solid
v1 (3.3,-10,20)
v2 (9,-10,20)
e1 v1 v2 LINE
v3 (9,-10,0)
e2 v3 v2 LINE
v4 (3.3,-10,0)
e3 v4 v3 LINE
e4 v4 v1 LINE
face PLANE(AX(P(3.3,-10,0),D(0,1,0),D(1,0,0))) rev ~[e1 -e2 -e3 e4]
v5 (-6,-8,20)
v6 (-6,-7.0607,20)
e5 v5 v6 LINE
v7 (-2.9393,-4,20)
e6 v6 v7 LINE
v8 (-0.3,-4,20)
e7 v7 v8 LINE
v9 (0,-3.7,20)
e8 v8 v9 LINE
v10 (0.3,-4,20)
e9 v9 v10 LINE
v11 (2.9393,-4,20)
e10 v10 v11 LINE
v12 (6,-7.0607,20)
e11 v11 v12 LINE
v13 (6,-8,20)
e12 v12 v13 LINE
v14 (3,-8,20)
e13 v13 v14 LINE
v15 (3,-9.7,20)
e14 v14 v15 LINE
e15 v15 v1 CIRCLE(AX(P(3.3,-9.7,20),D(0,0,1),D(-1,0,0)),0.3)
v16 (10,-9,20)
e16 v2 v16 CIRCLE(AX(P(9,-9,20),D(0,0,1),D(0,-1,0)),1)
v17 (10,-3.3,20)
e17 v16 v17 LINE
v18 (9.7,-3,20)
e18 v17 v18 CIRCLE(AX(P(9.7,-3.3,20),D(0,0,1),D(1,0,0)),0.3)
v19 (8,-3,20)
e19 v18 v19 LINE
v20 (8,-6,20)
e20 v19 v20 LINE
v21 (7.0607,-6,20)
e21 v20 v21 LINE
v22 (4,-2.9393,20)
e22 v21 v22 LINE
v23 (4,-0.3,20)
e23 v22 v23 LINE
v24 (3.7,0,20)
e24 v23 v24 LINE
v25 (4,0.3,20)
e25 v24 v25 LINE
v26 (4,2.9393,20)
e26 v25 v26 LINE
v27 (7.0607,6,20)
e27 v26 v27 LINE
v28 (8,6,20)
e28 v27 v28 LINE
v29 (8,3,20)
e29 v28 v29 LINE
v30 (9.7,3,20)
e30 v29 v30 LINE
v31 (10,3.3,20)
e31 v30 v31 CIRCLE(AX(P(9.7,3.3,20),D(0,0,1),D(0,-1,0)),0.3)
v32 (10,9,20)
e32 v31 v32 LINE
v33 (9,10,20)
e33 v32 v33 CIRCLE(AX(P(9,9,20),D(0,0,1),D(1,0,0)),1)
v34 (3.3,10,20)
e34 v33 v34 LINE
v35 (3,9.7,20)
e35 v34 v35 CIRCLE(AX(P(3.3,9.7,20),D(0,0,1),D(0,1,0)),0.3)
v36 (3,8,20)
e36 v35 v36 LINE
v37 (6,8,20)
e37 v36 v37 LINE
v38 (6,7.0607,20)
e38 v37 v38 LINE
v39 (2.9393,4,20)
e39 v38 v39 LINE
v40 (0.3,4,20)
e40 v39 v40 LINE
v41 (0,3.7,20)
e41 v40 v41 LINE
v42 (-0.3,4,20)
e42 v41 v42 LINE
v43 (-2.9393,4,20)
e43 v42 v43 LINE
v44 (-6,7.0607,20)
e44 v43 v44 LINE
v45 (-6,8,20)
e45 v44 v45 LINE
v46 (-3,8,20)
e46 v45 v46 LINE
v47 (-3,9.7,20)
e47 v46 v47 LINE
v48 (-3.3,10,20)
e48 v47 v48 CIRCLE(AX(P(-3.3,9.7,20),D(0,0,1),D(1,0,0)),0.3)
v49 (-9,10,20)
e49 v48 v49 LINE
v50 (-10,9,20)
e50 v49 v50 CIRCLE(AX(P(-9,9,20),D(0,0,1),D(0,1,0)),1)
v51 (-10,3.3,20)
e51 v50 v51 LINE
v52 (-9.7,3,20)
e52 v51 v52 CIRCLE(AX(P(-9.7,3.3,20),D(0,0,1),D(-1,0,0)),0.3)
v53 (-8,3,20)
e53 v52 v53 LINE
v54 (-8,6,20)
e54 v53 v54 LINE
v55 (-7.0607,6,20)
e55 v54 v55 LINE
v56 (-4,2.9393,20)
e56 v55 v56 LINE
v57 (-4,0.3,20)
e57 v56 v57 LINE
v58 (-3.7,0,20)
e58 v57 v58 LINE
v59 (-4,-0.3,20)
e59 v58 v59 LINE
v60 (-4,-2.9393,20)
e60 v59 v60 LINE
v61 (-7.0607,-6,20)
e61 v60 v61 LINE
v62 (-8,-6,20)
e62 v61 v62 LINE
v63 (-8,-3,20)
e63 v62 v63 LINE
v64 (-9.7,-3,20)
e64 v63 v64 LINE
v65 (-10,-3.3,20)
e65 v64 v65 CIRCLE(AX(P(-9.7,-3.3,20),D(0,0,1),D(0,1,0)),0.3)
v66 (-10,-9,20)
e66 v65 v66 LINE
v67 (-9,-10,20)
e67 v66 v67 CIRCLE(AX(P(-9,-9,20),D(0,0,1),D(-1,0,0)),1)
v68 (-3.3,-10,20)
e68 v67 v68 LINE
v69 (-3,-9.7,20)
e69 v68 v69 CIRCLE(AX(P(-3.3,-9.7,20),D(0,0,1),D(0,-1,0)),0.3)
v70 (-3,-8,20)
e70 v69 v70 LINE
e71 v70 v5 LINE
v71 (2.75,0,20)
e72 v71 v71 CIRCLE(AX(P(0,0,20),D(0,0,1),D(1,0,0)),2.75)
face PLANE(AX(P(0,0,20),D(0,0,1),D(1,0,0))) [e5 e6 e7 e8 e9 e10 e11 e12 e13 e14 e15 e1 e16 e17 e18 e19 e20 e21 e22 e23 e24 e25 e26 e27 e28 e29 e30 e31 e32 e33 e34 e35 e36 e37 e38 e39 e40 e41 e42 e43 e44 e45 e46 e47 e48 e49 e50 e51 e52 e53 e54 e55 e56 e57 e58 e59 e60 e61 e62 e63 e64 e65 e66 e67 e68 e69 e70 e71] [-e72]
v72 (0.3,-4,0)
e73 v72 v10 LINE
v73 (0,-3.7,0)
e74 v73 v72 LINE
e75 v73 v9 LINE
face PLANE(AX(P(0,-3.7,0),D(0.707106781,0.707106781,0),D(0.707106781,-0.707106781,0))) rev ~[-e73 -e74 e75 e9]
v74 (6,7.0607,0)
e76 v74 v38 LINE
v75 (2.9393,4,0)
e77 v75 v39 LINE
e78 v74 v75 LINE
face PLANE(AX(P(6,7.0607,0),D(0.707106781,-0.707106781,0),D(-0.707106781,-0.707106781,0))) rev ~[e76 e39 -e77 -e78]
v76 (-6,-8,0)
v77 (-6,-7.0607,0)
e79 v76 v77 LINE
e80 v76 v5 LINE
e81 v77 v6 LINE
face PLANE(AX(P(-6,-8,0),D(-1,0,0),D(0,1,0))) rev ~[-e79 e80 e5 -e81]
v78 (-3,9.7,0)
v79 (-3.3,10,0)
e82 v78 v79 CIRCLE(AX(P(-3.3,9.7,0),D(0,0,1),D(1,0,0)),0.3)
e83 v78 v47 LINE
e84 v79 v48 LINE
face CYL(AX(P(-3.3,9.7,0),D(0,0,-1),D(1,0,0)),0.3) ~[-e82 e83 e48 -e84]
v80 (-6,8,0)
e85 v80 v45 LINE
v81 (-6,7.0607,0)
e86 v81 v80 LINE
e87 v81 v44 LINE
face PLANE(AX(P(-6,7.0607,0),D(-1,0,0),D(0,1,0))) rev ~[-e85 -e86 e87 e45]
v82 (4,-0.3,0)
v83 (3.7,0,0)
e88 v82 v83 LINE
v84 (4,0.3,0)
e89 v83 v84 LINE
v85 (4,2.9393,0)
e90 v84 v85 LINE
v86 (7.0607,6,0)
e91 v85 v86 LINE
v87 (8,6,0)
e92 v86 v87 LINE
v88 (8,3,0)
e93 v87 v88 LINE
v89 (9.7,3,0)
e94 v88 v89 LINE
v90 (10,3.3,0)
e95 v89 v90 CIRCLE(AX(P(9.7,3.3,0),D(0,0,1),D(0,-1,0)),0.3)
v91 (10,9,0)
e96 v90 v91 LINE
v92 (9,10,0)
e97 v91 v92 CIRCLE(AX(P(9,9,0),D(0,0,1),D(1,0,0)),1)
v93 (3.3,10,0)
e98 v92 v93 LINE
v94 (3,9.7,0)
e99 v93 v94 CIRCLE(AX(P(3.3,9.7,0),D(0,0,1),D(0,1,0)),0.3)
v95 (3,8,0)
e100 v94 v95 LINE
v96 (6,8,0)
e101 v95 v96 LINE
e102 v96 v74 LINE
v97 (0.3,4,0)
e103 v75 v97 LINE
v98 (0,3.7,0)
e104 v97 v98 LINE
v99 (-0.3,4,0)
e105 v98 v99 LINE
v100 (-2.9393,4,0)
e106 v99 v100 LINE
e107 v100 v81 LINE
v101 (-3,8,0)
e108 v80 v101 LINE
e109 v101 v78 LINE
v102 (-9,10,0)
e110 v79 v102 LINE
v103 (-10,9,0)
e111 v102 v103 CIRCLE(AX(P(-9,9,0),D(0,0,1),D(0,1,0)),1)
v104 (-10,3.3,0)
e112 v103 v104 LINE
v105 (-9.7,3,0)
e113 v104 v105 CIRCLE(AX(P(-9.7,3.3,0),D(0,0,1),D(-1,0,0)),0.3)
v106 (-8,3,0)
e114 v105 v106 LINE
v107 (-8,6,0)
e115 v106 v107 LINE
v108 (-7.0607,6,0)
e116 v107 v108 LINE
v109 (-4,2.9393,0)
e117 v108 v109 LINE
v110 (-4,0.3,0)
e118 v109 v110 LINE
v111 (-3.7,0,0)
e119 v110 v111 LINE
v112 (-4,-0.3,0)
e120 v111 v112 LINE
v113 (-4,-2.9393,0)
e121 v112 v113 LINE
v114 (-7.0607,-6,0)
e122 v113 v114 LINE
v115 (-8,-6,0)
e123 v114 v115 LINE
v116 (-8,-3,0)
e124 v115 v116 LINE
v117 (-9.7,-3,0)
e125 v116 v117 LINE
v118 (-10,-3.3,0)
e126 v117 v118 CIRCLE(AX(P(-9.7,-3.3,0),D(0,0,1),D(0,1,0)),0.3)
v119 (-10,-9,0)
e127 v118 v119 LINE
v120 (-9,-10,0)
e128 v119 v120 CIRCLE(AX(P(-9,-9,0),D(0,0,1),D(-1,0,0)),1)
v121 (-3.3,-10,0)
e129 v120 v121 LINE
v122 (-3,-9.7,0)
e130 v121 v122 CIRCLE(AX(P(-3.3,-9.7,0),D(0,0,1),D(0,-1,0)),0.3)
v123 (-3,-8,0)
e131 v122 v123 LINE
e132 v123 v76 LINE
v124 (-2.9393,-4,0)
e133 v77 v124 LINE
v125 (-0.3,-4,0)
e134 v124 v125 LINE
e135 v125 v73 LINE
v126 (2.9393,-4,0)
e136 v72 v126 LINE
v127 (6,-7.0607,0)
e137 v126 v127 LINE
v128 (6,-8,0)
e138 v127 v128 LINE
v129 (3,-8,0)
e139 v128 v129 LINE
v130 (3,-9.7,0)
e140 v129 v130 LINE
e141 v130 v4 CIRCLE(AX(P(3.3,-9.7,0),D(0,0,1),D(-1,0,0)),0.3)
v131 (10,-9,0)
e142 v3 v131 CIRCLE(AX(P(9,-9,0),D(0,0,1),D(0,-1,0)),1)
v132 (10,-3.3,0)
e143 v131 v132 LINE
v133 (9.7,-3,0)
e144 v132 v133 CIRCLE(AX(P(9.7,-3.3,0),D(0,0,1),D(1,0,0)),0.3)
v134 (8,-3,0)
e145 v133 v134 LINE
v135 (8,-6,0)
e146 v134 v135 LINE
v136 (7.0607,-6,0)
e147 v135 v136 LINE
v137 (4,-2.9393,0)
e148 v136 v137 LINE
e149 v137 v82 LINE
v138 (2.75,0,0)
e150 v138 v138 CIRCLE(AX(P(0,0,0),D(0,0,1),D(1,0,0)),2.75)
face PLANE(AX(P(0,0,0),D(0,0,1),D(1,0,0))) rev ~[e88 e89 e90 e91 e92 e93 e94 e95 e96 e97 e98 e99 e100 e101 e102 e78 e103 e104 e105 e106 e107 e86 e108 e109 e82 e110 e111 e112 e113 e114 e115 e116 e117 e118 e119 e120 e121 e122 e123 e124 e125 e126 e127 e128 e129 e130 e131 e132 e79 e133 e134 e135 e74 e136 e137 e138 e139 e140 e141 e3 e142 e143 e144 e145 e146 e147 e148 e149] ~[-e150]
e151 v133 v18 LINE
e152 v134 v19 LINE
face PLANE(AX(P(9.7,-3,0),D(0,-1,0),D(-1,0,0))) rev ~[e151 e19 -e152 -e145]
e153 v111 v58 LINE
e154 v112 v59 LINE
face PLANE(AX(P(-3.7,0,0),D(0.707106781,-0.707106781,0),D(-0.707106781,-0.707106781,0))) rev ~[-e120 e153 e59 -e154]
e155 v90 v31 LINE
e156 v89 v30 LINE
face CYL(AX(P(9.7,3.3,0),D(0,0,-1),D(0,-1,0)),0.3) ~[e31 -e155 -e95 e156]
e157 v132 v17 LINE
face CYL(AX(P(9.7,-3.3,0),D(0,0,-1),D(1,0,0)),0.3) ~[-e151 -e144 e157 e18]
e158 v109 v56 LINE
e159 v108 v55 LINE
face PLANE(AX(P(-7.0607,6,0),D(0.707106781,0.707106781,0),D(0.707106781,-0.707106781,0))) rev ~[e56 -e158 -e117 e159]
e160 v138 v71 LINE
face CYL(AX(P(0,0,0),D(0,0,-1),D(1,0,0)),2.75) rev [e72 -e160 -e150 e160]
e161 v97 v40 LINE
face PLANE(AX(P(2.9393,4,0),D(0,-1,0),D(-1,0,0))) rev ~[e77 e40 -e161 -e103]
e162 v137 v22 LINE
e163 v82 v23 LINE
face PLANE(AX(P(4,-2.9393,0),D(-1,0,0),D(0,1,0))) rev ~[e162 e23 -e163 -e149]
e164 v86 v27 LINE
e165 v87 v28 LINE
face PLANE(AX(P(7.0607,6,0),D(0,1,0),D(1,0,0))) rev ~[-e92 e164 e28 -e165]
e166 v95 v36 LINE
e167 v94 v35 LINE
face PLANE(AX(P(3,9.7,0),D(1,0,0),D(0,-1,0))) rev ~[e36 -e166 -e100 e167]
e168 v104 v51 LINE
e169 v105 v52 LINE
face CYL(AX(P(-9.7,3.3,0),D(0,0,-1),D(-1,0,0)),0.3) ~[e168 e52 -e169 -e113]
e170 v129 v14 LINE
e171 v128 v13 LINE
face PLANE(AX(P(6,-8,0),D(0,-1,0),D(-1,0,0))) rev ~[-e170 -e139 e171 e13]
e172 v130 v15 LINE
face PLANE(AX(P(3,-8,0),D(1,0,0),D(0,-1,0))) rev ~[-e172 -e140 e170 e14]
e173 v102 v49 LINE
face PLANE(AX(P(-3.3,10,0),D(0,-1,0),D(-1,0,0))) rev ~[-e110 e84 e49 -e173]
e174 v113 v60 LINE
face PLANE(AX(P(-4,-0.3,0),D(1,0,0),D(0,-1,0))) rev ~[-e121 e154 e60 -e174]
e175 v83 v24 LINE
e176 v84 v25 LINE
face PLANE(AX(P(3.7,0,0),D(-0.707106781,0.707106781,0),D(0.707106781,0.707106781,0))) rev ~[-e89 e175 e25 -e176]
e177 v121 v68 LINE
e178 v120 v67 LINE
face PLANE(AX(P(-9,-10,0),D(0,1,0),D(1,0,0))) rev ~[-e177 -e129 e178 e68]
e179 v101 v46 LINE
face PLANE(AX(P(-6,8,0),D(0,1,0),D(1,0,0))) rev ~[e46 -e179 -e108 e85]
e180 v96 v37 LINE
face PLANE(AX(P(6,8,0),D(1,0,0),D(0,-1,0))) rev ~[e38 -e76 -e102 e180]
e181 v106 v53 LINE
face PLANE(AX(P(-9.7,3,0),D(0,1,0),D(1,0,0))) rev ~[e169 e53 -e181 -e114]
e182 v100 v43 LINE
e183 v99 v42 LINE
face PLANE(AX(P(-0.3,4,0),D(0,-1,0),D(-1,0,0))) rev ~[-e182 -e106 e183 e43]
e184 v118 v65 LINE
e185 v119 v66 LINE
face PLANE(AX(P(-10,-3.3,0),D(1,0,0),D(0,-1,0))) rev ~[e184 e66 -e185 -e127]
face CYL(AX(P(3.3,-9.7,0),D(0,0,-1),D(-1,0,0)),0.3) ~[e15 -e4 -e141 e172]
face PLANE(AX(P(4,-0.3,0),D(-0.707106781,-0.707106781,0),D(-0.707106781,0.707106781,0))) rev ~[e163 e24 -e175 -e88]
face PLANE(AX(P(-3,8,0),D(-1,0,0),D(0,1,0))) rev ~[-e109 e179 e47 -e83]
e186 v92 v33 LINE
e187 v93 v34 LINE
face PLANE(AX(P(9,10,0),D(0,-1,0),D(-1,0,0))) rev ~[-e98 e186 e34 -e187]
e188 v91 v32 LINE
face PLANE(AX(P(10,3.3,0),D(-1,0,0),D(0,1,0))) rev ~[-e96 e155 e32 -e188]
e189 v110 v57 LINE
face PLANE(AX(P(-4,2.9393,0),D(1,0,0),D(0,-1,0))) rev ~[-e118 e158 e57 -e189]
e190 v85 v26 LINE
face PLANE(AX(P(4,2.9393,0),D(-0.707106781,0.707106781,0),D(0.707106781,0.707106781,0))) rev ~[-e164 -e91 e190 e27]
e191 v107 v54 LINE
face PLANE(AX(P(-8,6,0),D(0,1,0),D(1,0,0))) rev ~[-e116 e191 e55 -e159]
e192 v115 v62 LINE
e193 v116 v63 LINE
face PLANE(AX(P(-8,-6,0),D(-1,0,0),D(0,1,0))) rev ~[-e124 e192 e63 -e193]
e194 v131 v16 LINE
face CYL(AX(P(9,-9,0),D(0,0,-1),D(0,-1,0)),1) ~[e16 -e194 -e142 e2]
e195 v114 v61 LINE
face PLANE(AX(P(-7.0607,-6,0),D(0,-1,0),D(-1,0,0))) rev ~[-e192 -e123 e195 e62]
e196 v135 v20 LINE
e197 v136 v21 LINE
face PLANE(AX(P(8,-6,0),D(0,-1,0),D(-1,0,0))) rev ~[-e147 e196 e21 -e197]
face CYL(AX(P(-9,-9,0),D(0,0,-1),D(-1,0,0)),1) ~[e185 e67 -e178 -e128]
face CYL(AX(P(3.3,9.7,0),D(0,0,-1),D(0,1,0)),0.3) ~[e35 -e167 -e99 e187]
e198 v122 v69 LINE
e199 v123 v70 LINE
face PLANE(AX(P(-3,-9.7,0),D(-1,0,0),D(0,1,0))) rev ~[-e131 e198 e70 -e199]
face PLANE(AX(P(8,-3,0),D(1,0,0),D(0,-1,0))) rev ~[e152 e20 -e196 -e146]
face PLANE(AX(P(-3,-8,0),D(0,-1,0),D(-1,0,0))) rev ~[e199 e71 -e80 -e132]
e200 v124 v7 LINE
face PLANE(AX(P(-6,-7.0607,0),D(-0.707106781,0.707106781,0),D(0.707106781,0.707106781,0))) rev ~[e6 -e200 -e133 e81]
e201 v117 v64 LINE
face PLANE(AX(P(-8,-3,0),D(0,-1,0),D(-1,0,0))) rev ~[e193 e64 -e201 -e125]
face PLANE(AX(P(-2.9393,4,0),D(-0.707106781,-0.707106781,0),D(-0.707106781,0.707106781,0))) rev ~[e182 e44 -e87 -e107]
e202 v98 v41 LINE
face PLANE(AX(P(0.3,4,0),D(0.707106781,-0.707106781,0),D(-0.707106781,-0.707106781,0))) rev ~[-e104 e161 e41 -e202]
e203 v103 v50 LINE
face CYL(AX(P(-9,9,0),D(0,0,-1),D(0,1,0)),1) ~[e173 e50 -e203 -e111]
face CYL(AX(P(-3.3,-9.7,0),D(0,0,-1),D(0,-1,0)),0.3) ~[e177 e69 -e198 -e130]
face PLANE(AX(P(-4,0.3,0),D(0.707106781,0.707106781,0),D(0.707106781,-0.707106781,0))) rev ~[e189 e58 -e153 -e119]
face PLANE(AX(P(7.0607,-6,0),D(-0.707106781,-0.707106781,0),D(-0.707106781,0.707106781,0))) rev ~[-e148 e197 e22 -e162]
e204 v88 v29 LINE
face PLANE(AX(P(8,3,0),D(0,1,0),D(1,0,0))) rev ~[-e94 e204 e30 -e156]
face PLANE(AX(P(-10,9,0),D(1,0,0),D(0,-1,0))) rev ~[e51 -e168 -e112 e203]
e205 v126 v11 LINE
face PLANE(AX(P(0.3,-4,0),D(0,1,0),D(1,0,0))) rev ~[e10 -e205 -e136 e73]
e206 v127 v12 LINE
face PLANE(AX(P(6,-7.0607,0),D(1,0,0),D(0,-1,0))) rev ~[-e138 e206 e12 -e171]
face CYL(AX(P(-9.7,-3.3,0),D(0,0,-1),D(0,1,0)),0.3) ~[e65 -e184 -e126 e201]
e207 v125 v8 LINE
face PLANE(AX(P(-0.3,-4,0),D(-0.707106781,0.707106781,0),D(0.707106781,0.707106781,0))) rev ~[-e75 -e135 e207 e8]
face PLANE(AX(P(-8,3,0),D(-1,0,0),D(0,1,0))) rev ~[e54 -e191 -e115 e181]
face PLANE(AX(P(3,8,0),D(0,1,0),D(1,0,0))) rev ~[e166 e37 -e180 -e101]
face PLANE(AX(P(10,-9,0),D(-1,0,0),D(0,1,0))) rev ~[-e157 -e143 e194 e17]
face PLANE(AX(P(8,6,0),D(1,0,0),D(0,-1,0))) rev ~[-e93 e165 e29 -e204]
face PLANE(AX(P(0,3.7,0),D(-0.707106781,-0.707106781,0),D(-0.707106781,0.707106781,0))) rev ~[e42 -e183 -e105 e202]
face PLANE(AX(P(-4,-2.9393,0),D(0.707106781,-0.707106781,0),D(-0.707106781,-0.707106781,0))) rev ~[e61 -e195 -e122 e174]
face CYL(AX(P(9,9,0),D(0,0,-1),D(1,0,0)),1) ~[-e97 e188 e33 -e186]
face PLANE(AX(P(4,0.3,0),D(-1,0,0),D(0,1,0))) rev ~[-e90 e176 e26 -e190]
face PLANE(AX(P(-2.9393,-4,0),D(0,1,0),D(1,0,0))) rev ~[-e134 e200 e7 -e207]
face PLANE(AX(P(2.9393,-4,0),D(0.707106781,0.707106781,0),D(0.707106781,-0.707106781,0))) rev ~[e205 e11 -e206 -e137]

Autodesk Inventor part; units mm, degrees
ref_plane "Startebene" through (0, 0, 0) normal (0, 0, 1) x (1, 0, 0)
ref_plane "Endebene" through (0, 0, 320) normal (0, 0, 1) x (1, 0, 0)
ref_plane "Startebene1" through (0, 0, 0) normal (0, 0, 1) x (1, 0, 0)
ref_plane "Endebene1" through (0, 0, 40) normal (0, 0, 1) x (1, 0, 0)
ref_plane "Startebene2" through (0, 0, 0) normal (0, 0, 1) x (1, 0, 0)
ref_plane "Endebene2" through (0, 0, 40) normal (0, 0, 1) x (1, 0, 0)
ref_plane "Startebene3" through (0, 0, 0) normal (0, 0, 1) x (1, 0, 0)
ref_plane "Endebene3" through (0, 0, 20) normal (0, 0, 1) x (1, 0, 0)
sketch "Skizze" plane through (0, 0, 0) normal (0, 0, 1) x (1, 0, 0)
  line L0 (-10, 9) -> (-10, 3.3)
  arc A0 (-10, 3.3) -> (-9.7, 3) centre (-9.7, 3.3) ccw
  line L1 (-9.7, 3) -> (-8, 3)
  line L2 (-8, 3) -> (-8, 6)
  line L3 (-8, 6) -> (-7.0607, 6)
  line L4 (-7.0607, 6) -> (-4, 2.9393)
  line L5 (-4, 2.9393) -> (-4, 0.3)
  line L6 (-4, 0.3) -> (-3.7, 0)
  line L7 (-3.7, 0) -> (-4, -0.3)
  line L8 (-4, -0.3) -> (-4, -2.9393)
  line L9 (-4, -2.9393) -> (-7.0607, -6)
  line L10 (-7.0607, -6) -> (-8, -6)
  line L11 (-8, -6) -> (-8, -3)
  line L12 (-8, -3) -> (-9.7, -3)
  arc A1 (-9.7, -3) -> (-10, -3.3) centre (-9.7, -3.3) ccw
  line L13 (-10, -3.3) -> (-10, -9)
  arc A2 (-10, -9) -> (-9, -10) centre (-9, -9) ccw
  line L14 (-9, -10) -> (-3.3, -10)
  arc A3 (-3.3, -10) -> (-3, -9.7) centre (-3.3, -9.7) ccw
  line L15 (-3, -9.7) -> (-3, -8)
  line L16 (-3, -8) -> (-6, -8)
  line L17 (-6, -8) -> (-6, -7.0607)
  line L18 (-6, -7.0607) -> (-2.9393, -4)
  line L19 (-2.9393, -4) -> (-0.3, -4)
  line L20 (-0.3, -4) -> (0, -3.7)
  line L21 (0, -3.7) -> (0.3, -4)
  line L22 (0.3, -4) -> (2.9393, -4)
  line L23 (2.9393, -4) -> (6, -7.0607)
  line L24 (6, -7.0607) -> (6, -8)
  line L25 (6, -8) -> (3, -8)
  line L26 (3, -8) -> (3, -9.7)
  arc A4 (3, -9.7) -> (3.3, -10) centre (3.3, -9.7) ccw
  line L27 (3.3, -10) -> (9, -10)
  arc A5 (9, -10) -> (10, -9) centre (9, -9) ccw
  line L28 (10, -9) -> (10, -3.3)
  arc A6 (10, -3.3) -> (9.7, -3) centre (9.7, -3.3) ccw
  line L29 (9.7, -3) -> (8, -3)
  line L30 (8, -3) -> (8, -6)
  line L31 (8, -6) -> (7.0607, -6)
  line L32 (7.0607, -6) -> (4, -2.9393)
  line L33 (4, -2.9393) -> (4, -0.3)
  line L34 (4, -0.3) -> (3.7, 0)
  line L35 (3.7, 0) -> (4, 0.3)
  line L36 (4, 0.3) -> (4, 2.9393)
  line L37 (4, 2.9393) -> (7.0607, 6)
  line L38 (7.0607, 6) -> (8, 6)
  line L39 (8, 6) -> (8, 3)
  line L40 (8, 3) -> (9.7, 3)
  arc A7 (9.7, 3) -> (10, 3.3) centre (9.7, 3.3) ccw
  line L41 (10, 3.3) -> (10, 9)
  arc A8 (10, 9) -> (9, 10) centre (9, 9) ccw
  line L42 (9, 10) -> (3.3, 10)
  arc A9 (3.3, 10) -> (3, 9.7) centre (3.3, 9.7) ccw
  line L43 (3, 9.7) -> (3, 8)
  line L44 (3, 8) -> (6, 8)
  line L45 (6, 8) -> (6, 7.0607)
  line L46 (6, 7.0607) -> (2.9393, 4)
  line L47 (2.9393, 4) -> (0.3, 4)
  line L48 (0.3, 4) -> (0, 3.7)
  line L49 (0, 3.7) -> (-0.3, 4)
  line L50 (-0.3, 4) -> (-2.9393, 4)
  line L51 (-2.9393, 4) -> (-6, 7.0607)
  line L52 (-6, 7.0607) -> (-6, 8)
  line L53 (-6, 8) -> (-3, 8)
  line L54 (-3, 8) -> (-3, 9.7)
  arc A10 (-3, 9.7) -> (-3.3, 10) centre (-3.3, 9.7) ccw
  line L55 (-3.3, 10) -> (-9, 10)
  arc A11 (-9, 10) -> (-10, 9) centre (-9, 9) ccw
  circle A12 centre (0, 0) radius 2.75
  dimension "d2" = 5.5
  dimension "d3" = 10
  dimension "d4" = 10
  dimension "d5" = 5.7
  dimension "d6" = 5.7
  dimension "d7" = 1.7
  dimension "d8" = 3
  dimension "d9" = 0.3
  dimension "d10" = 90
  dimension "d11" = 45
  dimension "d12" = 45
  dimension "d13" = 45
  dimension "d14" = 90
  dimension "d15" = 90
  dimension "d16" = 45
  dimension "d17" = 45
  dimension "d18" = 45
  dimension "d19" = 45
  dimension "d20" = 90
  dimension "d21" = 90
  dimension "d22" = 45
  dimension "d23" = 45
  dimension "d24" = 90
  dimension "d25" = 90
  dimension "d26" = 90
  dimension "d27" = 90
  dimension "d28" = 90
  dimension "d29" = 90
  dimension "d30" = 90
  dimension "d31" = 90
  dimension "d32" = 90
  dimension "d33" = 90
  dimension "d34" = 90
  dimension "d35" = 90
  dimension "d36" = 90
  dimension "d37" = 90
  dimension "d38" = 90
  dimension "d39" = 4
  dimension "d40" = 6
  dimension "d41" = 13
  dimension "d42" = 14
  dimension "d43" = 16
  dimension "d44" = 18
  dimension "d45" = 3
  dimension "d46" = 9
  dimension "d47" = 7
  dimension "d48" = 1
  dimension "d49" = 7
  dimension "d50" = 1.5
  dimension "d51" = 1.8663
  dimension "d52" = 3.3663
  dimension "d53" = 1.5
  dimension "d54" = 1.8663
  dimension "d55" = 3.3663
  dimension "d56" = 4
  dimension "d57" = 10.8187
  dimension "d58" = 1.9092
  dimension "d59" = 5
  dimension "d60" = 13
  dimension "d61" = 13
  dimension "d62" = 16.0513
  dimension "d63" = 3.3234
  dimension "d64" = 14
  dimension "d65" = 12.685
extrude "Körper" add sketch "Skizze" along normal up to surface (20 mm away) from surface at 0
sketch "Skizze21" plane through (0, 0, 0) normal (0, 0, 1) x (1, 0, 0)
  line L0 (0, 0) -> (10, 0)
ref_plane "Arbeitsebene18" through (0, 0, 0) normal (0, -1, 0) x (1, 0, 0)
sketch "Skizze22" plane through (0, 0, 0) normal (0, -1, 0) x (1, 0, 0)
  line L0 (-2, 0) -> (12, 0)
  line L1 (-2, 20) -> (12, 20)
  dimension "d80" = 20
equation "\"G_OFFSET_START\" = 0"
equation "\"G_OFFSET_END\" = 0"
equation "\"G_L\" = d80"
equation "\"G_OFFSET_START1\" = 0"
equation "\"G_OFFSET_END1\" = 0"
equation "\"G_OFFSET_START2\" = 0"
equation "\"G_OFFSET_END2\" = 0"
equation "\"G_OFFSET_START3\" = 0"
equation "\"G_OFFSET_END3\" = 0"
properties part number "Alu Profil 20x20 - AP2020"
